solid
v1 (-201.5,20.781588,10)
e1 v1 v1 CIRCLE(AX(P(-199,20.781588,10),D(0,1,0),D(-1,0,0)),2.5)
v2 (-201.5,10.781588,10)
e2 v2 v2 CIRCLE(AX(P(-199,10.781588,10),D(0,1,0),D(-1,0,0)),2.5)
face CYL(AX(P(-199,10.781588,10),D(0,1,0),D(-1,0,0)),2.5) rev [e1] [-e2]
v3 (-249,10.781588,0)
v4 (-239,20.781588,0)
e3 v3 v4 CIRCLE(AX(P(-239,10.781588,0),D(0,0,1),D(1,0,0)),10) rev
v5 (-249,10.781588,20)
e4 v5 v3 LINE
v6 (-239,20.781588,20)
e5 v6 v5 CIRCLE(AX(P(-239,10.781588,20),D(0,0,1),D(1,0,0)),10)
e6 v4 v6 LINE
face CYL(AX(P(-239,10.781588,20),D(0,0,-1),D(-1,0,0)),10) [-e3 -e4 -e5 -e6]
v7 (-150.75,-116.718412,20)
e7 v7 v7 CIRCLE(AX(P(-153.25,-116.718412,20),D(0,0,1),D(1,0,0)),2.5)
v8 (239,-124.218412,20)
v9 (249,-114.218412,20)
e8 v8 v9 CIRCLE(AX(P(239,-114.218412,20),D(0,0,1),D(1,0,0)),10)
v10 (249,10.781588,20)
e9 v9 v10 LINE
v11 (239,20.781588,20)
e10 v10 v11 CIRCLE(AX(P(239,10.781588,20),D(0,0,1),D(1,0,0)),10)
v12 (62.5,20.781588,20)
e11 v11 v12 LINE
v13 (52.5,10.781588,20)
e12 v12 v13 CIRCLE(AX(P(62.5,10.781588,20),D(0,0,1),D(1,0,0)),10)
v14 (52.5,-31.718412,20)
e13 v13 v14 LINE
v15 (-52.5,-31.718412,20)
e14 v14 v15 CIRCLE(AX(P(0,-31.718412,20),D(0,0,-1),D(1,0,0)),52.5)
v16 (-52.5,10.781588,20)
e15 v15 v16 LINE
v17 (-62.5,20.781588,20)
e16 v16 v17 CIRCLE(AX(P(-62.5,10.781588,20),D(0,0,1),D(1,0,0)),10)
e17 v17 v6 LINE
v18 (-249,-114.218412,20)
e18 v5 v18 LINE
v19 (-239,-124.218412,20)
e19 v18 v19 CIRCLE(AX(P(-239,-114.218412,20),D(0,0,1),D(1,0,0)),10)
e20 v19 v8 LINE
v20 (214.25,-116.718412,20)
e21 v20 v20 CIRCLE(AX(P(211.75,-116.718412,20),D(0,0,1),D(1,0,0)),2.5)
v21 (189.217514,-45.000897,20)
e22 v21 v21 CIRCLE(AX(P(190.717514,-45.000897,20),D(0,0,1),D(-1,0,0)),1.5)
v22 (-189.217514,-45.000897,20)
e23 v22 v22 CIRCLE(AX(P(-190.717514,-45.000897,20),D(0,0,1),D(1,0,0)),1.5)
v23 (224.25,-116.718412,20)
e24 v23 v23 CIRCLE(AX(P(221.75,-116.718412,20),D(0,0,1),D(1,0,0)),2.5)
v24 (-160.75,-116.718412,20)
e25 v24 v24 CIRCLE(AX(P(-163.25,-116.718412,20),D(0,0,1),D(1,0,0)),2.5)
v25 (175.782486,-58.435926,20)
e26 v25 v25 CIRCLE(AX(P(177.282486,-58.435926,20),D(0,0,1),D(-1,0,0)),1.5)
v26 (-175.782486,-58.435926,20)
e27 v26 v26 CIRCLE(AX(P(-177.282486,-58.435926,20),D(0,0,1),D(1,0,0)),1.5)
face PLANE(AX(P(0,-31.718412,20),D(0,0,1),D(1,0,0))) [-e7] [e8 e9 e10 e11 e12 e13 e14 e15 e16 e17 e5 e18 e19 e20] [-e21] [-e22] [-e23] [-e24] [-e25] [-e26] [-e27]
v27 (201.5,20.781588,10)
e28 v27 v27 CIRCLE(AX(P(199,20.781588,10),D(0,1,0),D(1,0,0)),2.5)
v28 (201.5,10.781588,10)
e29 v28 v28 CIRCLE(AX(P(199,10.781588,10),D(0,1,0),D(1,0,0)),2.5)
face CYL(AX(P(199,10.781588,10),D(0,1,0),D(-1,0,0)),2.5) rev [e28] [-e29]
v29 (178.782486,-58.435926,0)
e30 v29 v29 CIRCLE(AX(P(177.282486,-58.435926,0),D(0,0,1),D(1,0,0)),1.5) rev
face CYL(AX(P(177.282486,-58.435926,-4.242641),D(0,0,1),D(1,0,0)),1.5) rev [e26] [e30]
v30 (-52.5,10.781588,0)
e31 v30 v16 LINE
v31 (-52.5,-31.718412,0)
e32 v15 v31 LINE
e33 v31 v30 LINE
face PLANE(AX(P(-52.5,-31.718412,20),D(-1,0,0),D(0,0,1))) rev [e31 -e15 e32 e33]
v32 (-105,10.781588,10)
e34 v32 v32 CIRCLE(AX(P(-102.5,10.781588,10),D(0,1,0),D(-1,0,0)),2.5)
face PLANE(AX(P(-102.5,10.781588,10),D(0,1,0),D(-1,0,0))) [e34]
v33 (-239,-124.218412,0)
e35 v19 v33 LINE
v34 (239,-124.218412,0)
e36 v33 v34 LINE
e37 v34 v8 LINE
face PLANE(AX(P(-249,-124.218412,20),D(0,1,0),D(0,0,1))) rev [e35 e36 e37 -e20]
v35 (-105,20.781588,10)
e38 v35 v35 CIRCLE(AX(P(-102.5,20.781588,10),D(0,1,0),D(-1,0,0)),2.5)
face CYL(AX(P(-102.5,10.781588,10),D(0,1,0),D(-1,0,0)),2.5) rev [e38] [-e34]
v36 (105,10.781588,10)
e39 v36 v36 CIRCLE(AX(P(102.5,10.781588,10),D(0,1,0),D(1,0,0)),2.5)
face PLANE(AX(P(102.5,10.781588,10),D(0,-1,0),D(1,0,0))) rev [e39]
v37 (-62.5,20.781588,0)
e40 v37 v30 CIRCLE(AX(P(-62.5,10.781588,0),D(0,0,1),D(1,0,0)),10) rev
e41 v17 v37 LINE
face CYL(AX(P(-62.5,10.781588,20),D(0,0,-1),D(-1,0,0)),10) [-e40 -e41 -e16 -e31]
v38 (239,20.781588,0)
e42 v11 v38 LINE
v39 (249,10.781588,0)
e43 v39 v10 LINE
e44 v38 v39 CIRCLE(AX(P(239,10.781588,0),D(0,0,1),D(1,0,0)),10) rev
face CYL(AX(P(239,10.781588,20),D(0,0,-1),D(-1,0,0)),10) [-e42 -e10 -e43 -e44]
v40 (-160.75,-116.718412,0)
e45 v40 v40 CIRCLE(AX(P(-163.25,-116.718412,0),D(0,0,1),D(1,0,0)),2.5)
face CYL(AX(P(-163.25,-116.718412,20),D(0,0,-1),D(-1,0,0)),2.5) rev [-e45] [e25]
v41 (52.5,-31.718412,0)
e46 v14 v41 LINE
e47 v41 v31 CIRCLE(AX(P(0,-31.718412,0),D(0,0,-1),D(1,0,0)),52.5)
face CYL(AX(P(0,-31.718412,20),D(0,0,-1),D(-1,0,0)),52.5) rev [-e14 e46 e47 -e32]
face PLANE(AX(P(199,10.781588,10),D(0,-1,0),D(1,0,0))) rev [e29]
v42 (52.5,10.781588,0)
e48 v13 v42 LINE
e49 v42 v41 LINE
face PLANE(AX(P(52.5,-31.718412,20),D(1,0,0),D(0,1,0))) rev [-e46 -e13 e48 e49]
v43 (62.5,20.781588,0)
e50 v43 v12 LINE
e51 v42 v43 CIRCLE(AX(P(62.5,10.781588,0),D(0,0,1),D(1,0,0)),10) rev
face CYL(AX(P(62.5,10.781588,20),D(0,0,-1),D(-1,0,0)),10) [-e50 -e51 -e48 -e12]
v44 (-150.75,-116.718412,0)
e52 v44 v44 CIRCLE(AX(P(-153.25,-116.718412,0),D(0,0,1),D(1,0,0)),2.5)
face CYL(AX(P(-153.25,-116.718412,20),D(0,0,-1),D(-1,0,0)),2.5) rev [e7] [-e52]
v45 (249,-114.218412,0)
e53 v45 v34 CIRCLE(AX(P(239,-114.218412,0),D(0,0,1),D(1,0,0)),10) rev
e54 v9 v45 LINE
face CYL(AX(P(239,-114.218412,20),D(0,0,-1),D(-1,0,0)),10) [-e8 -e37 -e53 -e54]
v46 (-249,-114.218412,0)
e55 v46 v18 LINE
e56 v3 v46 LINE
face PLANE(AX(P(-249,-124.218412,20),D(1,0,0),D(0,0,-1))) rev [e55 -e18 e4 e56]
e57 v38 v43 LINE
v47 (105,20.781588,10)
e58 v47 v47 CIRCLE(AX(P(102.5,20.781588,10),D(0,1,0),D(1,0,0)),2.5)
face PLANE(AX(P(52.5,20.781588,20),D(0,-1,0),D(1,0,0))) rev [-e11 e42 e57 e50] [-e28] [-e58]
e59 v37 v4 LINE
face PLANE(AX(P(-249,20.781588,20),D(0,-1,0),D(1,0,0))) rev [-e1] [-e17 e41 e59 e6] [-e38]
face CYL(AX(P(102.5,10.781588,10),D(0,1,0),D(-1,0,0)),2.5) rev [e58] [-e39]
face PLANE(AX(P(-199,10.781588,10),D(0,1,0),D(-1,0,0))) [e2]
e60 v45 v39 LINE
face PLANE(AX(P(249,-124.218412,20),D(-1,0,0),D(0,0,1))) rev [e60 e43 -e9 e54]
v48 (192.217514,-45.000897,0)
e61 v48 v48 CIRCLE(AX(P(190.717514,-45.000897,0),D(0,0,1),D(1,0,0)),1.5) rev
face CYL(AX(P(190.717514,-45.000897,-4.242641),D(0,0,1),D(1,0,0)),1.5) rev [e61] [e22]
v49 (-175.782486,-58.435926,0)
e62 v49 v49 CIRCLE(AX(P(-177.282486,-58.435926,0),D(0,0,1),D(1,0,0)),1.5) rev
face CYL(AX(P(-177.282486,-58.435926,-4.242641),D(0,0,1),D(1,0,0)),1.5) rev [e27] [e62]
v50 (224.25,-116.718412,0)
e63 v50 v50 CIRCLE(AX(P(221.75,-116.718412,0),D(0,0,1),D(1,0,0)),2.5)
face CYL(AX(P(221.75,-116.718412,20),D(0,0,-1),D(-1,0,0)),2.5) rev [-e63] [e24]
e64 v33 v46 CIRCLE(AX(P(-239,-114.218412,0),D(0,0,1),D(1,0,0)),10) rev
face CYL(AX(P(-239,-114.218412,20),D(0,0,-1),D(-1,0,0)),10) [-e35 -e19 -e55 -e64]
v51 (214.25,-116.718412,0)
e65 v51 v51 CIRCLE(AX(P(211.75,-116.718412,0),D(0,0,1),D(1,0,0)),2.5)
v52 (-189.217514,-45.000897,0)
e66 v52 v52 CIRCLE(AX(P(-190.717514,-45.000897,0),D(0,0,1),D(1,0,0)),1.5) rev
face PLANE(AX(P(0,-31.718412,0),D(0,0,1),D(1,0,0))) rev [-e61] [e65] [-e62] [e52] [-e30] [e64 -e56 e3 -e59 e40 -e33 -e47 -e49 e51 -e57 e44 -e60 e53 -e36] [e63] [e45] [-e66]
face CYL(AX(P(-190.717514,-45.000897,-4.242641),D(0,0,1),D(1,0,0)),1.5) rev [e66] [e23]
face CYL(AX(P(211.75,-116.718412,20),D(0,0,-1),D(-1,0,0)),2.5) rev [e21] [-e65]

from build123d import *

# Parameters (mm, degrees)
SKETCH1_R           = 2.5
BOSS_EXTRUDE1_DEPTH = 20
FILLET1_R           = 10
SKETCH2_R           = 1.5
CUT_EXTRUDE1_DEPTH  = 20
SKETCH3_R           = 2.5
CUT_EXTRUDE2_DEPTH  = 10
FILLET2_R           = 10


with BuildPart() as part:
    # Sketch1 → Boss-Extrude1 (new body)
    with BuildSketch(Plane.XY):
        with BuildLine():
            Line((52.5, 20.781588347), (249, 20.781588347))
            Line((249, 20.781588347), (249, -124.218411653))
            Line((249, -124.218411653), (-249, -124.218411653))
            Line((-249, -124.218411653), (-249, 20.781588347))
            Line((-249, 20.781588347), (-52.5, 20.781588347))
            Line((-52.5, 20.781588347), (-52.5, -31.718411653))
            ThreePointArc((-52.5, -31.718411653), (0, -84.218411653), (52.5, -31.718411653))
            Line((52.5, -31.718411653), (52.5, 20.781588347))
        make_face()
        with Locations((-163.25, -116.718411653)):
            Circle(SKETCH1_R, mode=Mode.SUBTRACT)
        with Locations((-153.25, -116.718411653)):
            Circle(SKETCH1_R, mode=Mode.SUBTRACT)
        with Locations((211.75, -116.718411653)):
            Circle(SKETCH1_R, mode=Mode.SUBTRACT)
        with Locations((221.75, -116.718411653)):
            Circle(SKETCH1_R, mode=Mode.SUBTRACT)
    extrude(amount=BOSS_EXTRUDE1_DEPTH)

    # Fillet1
    fillet1_edges = [part.edges().sort_by_distance(p)[0] for p in [
        (249, -124.218411653, 10),
        (-249, -124.218411653, 10),
    ]]
    fillet(fillet1_edges, radius=FILLET1_R)

    # Sketch2 → Cut-Extrude1 (cut)
    with BuildSketch(Plane.XY.offset(20)):
        with Locations((-177.282485579, -58.435926074)):
            Circle(SKETCH2_R)
        with Locations((-190.717514421, -45.000897232)):
            Circle(SKETCH2_R)
        with Locations((190.717514421, -45.000897232)):
            Circle(SKETCH2_R)
        with Locations((177.282485579, -58.435926074)):
            Circle(SKETCH2_R)
    extrude(amount=-CUT_EXTRUDE1_DEPTH, mode=Mode.SUBTRACT)

    # Sketch3 → Cut-Extrude2 (cut)
    with BuildSketch(Plane(origin=(0, 20.781588347, 0), x_dir=(1, 0, 0), z_dir=(0, 1, 0))):
        with Locations(Location((-199, -10, 0), (0, 0, 180))):
            Circle(SKETCH3_R)
        with Locations(Location((-102.5, -10, 0), (0, 0, 180))):
            Circle(SKETCH3_R)
        with Locations((102.5, -10)):
            Circle(SKETCH3_R)
        with Locations((199, -10)):
            Circle(SKETCH3_R)
    extrude(amount=-CUT_EXTRUDE2_DEPTH, mode=Mode.SUBTRACT)

    # Fillet2
    fillet2_edges = [part.edges().sort_by_distance(p)[0] for p in [
        (-249, 20.781588347, 10),
        (-52.5, 20.781588347, 10),
        (52.5, 20.781588347, 10),
        (249, 20.781588347, 10),
    ]]
    fillet(fillet2_edges, radius=FILLET2_R)


solid = part.part
